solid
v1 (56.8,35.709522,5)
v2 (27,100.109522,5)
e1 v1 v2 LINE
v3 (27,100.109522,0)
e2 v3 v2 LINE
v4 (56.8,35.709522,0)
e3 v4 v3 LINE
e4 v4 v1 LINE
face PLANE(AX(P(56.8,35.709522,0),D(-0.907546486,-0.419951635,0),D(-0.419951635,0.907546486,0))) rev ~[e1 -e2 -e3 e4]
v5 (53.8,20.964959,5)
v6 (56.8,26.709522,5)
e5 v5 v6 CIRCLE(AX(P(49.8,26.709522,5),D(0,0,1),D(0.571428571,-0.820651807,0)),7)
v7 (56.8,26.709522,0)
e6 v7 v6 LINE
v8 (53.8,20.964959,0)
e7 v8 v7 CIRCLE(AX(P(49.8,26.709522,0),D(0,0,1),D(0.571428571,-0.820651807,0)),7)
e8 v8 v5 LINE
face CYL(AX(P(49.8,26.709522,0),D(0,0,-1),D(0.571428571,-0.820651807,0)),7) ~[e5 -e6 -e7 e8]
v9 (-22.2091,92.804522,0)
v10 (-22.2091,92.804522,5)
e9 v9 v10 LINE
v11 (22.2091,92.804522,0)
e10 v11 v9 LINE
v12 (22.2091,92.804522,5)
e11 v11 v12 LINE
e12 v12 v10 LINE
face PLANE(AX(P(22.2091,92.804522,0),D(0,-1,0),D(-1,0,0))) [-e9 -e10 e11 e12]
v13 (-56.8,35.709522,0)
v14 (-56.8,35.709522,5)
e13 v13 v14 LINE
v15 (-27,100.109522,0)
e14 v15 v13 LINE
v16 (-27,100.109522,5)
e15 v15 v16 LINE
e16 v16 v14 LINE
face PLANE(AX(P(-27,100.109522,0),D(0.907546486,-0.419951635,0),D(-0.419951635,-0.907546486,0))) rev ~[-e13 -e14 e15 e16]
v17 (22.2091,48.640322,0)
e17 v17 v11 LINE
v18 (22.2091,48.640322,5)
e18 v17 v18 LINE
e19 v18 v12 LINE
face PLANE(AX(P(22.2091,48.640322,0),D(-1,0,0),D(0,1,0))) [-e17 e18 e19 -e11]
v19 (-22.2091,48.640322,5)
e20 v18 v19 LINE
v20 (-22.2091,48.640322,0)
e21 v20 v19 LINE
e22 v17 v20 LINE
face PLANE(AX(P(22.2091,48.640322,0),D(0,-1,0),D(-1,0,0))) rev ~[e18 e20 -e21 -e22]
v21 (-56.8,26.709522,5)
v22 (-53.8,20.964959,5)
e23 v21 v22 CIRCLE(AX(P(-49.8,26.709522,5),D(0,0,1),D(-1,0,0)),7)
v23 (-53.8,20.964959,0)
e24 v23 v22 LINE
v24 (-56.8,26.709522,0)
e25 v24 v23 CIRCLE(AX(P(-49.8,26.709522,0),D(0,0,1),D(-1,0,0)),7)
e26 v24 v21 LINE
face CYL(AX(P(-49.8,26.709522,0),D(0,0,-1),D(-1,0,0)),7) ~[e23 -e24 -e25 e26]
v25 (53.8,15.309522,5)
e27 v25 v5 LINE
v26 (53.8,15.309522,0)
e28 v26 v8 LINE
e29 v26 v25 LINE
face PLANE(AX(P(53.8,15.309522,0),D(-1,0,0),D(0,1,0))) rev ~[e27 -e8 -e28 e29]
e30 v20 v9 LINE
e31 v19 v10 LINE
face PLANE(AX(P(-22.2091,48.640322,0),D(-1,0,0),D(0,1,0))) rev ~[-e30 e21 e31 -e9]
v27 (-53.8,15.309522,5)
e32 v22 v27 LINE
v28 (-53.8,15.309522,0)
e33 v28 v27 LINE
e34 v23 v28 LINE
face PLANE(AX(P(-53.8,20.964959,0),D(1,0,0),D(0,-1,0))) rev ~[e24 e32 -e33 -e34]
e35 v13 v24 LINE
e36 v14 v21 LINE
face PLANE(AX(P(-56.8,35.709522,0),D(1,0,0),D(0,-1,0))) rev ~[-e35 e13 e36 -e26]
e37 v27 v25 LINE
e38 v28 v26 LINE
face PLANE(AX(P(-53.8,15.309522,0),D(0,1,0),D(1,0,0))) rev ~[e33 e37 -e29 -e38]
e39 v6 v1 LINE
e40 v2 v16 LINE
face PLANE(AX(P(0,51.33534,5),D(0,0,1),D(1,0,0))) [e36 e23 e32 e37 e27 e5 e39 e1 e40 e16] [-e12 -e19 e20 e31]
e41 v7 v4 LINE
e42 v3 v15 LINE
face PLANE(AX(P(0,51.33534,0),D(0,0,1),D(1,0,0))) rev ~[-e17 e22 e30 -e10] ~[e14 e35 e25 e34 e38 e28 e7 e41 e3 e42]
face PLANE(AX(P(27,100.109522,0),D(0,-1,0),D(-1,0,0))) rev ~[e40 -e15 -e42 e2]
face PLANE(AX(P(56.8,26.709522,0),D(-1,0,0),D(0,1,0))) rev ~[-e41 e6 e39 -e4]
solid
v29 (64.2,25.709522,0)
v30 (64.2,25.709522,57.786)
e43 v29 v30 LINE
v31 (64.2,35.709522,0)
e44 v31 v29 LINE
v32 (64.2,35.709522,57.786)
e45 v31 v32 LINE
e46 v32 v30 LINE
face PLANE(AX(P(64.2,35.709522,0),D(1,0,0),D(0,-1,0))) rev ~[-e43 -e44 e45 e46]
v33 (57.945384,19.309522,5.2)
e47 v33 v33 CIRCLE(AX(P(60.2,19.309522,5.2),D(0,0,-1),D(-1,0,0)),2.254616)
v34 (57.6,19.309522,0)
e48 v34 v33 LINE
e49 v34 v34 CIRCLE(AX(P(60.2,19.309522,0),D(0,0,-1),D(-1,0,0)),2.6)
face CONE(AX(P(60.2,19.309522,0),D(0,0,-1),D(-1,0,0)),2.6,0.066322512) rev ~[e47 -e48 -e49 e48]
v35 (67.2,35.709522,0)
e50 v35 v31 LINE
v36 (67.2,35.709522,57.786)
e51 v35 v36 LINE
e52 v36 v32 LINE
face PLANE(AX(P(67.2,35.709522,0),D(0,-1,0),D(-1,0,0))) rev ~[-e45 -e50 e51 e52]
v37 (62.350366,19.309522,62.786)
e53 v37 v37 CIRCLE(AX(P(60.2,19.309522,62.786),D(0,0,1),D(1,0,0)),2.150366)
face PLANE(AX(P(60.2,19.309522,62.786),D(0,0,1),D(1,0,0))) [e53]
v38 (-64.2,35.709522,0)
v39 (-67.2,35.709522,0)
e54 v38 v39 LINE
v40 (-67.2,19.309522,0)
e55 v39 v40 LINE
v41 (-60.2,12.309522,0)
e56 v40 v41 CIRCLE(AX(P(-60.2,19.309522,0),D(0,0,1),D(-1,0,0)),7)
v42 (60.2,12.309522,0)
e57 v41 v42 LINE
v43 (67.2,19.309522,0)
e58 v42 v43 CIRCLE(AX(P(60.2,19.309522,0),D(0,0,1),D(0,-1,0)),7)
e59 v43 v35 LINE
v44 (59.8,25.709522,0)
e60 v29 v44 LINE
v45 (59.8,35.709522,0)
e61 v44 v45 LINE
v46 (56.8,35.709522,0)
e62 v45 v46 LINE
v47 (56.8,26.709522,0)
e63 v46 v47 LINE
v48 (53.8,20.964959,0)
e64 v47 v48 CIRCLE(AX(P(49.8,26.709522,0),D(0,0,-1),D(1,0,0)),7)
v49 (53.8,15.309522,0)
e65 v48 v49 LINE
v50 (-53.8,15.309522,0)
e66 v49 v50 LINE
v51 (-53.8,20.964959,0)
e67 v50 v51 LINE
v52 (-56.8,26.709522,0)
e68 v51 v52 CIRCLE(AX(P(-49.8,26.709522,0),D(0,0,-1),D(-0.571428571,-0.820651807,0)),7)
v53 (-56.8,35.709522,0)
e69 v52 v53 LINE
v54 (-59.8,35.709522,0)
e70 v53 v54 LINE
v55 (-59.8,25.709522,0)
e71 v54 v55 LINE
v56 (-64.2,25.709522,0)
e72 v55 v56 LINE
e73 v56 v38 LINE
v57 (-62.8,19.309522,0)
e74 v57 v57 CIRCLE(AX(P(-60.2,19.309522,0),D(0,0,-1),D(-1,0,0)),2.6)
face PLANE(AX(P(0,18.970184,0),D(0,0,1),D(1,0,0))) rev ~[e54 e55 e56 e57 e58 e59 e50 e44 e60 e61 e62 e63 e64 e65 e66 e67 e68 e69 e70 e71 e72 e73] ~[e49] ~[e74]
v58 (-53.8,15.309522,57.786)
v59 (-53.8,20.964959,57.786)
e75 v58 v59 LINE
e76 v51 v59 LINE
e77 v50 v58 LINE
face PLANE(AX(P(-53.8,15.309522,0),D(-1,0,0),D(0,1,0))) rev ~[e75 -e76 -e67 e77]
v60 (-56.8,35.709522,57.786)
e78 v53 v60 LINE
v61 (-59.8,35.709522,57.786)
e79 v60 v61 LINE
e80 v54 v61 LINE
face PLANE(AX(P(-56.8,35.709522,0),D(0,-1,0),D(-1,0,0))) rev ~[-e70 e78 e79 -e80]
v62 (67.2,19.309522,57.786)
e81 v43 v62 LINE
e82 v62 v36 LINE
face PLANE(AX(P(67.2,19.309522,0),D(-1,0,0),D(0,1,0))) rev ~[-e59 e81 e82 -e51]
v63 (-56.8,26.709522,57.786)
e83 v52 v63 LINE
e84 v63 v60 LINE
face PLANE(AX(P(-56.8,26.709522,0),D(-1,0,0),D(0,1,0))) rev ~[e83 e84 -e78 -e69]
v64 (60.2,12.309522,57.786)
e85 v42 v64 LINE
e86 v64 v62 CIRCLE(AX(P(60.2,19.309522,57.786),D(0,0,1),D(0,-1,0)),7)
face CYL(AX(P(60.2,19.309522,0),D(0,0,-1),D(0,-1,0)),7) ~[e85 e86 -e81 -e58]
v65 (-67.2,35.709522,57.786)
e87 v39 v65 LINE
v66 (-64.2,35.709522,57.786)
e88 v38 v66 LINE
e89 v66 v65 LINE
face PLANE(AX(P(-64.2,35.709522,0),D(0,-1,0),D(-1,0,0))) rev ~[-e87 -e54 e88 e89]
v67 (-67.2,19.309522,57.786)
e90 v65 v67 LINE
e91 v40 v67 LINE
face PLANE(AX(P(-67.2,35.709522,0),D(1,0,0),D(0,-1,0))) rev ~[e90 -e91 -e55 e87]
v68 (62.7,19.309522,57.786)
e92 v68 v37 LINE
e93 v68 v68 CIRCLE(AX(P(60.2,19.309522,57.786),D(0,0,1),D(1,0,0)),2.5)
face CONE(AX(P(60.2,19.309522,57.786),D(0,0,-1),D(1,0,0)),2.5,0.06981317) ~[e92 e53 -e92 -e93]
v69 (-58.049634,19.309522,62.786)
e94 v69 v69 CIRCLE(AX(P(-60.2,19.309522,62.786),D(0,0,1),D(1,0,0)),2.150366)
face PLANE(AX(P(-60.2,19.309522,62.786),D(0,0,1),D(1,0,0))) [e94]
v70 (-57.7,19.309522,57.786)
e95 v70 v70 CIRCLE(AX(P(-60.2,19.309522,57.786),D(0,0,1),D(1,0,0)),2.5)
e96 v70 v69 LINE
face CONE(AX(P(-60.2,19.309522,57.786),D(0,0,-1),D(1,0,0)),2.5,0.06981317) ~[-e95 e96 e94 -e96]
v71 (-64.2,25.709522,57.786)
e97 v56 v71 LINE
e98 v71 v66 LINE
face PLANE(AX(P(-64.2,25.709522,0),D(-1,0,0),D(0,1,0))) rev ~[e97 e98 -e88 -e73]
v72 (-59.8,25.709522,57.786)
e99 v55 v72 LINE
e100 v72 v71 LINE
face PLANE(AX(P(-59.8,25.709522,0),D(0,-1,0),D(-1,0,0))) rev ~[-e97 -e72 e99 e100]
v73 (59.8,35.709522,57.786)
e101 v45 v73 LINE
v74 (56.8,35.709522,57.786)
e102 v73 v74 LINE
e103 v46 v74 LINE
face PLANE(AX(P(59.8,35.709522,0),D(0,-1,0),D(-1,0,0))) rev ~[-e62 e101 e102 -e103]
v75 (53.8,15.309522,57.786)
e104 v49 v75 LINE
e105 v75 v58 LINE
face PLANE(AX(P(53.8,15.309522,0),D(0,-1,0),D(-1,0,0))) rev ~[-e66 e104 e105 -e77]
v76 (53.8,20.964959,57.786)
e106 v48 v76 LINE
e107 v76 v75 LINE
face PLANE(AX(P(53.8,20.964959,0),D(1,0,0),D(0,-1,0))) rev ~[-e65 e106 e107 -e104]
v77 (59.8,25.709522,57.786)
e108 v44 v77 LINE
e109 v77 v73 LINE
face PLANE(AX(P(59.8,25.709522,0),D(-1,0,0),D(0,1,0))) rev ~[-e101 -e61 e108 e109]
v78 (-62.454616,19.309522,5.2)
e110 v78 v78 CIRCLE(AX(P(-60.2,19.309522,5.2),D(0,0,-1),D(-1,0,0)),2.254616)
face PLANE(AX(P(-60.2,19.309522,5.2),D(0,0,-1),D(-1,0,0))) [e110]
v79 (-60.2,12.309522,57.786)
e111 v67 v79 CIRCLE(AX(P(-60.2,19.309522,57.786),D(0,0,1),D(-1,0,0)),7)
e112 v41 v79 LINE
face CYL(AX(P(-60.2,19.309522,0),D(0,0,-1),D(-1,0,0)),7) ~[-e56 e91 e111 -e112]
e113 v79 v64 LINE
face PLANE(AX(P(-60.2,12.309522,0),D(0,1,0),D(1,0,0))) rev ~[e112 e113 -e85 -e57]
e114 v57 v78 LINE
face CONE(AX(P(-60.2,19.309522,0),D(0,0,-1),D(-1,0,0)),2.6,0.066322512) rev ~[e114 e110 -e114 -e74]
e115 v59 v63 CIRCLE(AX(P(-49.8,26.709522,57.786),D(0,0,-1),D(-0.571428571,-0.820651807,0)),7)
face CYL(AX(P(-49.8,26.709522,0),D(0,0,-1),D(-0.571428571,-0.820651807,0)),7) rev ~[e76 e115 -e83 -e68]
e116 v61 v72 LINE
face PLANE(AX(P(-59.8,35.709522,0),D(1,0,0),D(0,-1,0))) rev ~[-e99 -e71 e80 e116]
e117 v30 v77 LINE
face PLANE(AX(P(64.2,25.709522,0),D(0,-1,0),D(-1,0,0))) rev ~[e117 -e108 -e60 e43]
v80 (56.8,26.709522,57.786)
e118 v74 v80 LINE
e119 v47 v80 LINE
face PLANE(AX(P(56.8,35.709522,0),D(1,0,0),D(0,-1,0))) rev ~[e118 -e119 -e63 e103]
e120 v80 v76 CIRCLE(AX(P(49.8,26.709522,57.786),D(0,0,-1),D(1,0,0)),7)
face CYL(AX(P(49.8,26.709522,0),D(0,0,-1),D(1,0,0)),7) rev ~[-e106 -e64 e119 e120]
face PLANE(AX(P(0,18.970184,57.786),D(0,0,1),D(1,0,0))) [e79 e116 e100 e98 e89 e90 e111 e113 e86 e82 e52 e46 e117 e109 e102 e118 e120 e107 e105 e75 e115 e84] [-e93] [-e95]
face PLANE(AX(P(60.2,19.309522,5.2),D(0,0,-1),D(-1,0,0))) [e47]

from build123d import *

# Parameters (mm, degrees)
EXTRUDE2_DEPTH               = 57.786
SKETCH2_R                    = 2.5
EXTRUDE3_DEPTH               = 5
EXTRUDE3_DRAFT               = 4
EXTRUDE3_PROFILE_2_DEPTH     = 5
EXTRUDE3_PROFILE_2_DRAFT     = 4
SKETCH4_R                    = 2.6
CUT_EXTRUDE1_DEPTH           = 5.2
CUT_EXTRUDE1_DRAFT           = -3.8
CUT_EXTRUDE1_PROFILE_2_DEPTH = 5.2
CUT_EXTRUDE1_PROFILE_2_DRAFT = -3.8
SKETCH3_W                    = 44.4182
SKETCH3_H                    = 44.1642
EXTRUDE4_DEPTH               = 5


with BuildPart() as part:
    # Sketch1 → Extrude2 (new body)
    with BuildSketch(Plane.XY):
        with BuildLine():
            Line((-60.2, 12.309521667), (60.2, 12.309521667))
            ThreePointArc((60.2, 12.309521667), (65.149747468, 14.359774199), (67.2, 19.309521667))
            Line((67.2, 19.309521667), (67.2, 35.709521667))
            Line((67.2, 35.709521667), (64.2, 35.709521667))
            Line((64.2, 35.709521667), (64.2, 25.709521667))
            Line((64.2, 25.709521667), (59.8, 25.709521667))
            Line((59.8, 25.709521667), (59.8, 35.709521667))
            Line((59.8, 35.709521667), (56.8, 35.709521667))
            Line((56.8, 35.709521667), (56.8, 26.709521667))
            ThreePointArc((56.8, 26.709521667), (56.004836823, 23.469151318), (53.8, 20.964959021))
            Line((53.8, 20.964959021), (53.8, 15.309521667))
            Line((53.8, 15.309521667), (-53.8, 15.309521667))
            Line((-53.8, 15.309521667), (-53.8, 20.964959021))
            ThreePointArc((-53.8, 20.964959021), (-56.004836823, 23.469151318), (-56.8, 26.709521667))
            Line((-56.8, 26.709521667), (-56.8, 35.709521667))
            Line((-56.8, 35.709521667), (-59.8, 35.709521667))
            Line((-59.8, 35.709521667), (-59.8, 25.709521667))
            Line((-59.8, 25.709521667), (-64.2, 25.709521667))
            Line((-64.2, 25.709521667), (-64.2, 35.709521667))
            Line((-64.2, 35.709521667), (-67.2, 35.709521667))
            Line((-67.2, 35.709521667), (-67.2, 19.309521667))
            ThreePointArc((-67.2, 19.309521667), (-65.149747468, 14.359774199), (-60.2, 12.309521667))
        make_face()
    extrude(amount=EXTRUDE2_DEPTH)


with BuildPart() as extrude3_tool:
    # Sketch2 → Extrude3 (with draft: the straight prism first)
    with BuildSketch(Plane.XY.offset(57.786)):
        with Locations((-60.2, 19.309521667)):
            Circle(SKETCH2_R)
    extrude(amount=EXTRUDE3_DEPTH)
    # Extrude3: the draft: its side faces are tilted about the plane it starts from
    extrude3_sides = [extrude3_tool.faces().sort_by_distance(p)[0] for p in [
        (-62.7, 19.309521667, 60.286),
    ]]
    draft(extrude3_sides, Plane.XY.offset(57.786), EXTRUDE3_DRAFT)


with BuildPart() as part_1:
    add(part.part)

    # Extrude3: add extrude3_tool
    add(extrude3_tool.part)


with BuildPart() as extrude3_profile_2_tool:
    # Sketch2 → Extrude3 profile 2 (with draft: the straight prism first)
    with BuildSketch(Plane.XY.offset(57.786)):
        with Locations((60.2, 19.309521667)):
            Circle(SKETCH2_R)
    extrude(amount=EXTRUDE3_PROFILE_2_DEPTH)
    # Extrude3 profile 2: the draft: its side faces are tilted about the plane it starts from
    extrude3_profile_2_sides = [extrude3_profile_2_tool.faces().sort_by_distance(p)[0] for p in [
        (57.7, 19.309521667, 60.286),
    ]]
    draft(extrude3_profile_2_sides, Plane.XY.offset(57.786), EXTRUDE3_PROFILE_2_DRAFT)


with BuildPart() as part_2:
    add(part_1.part)

    # Extrude3 profile 2: add extrude3_profile_2_tool
    add(extrude3_profile_2_tool.part)


with BuildPart() as cut_extrude1_tool:
    # Sketch4 → Cut-Extrude1 (with draft: the straight prism first)
    with BuildSketch(Plane(origin=(0, 0, 0), x_dir=(-1, 0, 0), z_dir=(0, 0, -1))):
        with Locations((-60.2, 19.309521667)):
            Circle(SKETCH4_R)
    extrude(amount=-CUT_EXTRUDE1_DEPTH)
    # Cut-Extrude1: the draft: its side faces are tilted about the plane it starts from
    cut_extrude1_sides = [cut_extrude1_tool.faces().sort_by_distance(p)[0] for p in [
        (62.8, 19.309521667, 2.6),
    ]]
    draft(cut_extrude1_sides, Plane(origin=(0, 0, 0), x_dir=(-1, 0, 0), z_dir=(0, 0, -1)), CUT_EXTRUDE1_DRAFT)


with BuildPart() as part_3:
    add(part_2.part)

    # Cut-Extrude1: cut by cut_extrude1_tool
    add(cut_extrude1_tool.part, mode=Mode.SUBTRACT)


with BuildPart() as cut_extrude1_profile_2_tool:
    # Sketch4 → Cut-Extrude1 profile 2 (with draft: the straight prism first)
    with BuildSketch(Plane(origin=(0, 0, 0), x_dir=(-1, 0, 0), z_dir=(0, 0, -1))):
        with Locations((60.2, 19.309521667)):
            Circle(SKETCH4_R)
    extrude(amount=-CUT_EXTRUDE1_PROFILE_2_DEPTH)
    # Cut-Extrude1 profile 2: the draft: its side faces are tilted about the plane it starts from
    cut_extrude1_profile_2_sides = [cut_extrude1_profile_2_tool.faces().sort_by_distance(p)[0] for p in [
        (-57.6, 19.309521667, 2.6),
    ]]
    draft(cut_extrude1_profile_2_sides, Plane(origin=(0, 0, 0), x_dir=(-1, 0, 0), z_dir=(0, 0, -1)), CUT_EXTRUDE1_PROFILE_2_DRAFT)


with BuildPart() as part_4:
    add(part_3.part)

    # Cut-Extrude1 profile 2: cut by cut_extrude1_profile_2_tool
    add(cut_extrude1_profile_2_tool.part, mode=Mode.SUBTRACT)


with BuildPart() as body_2:
    # Sketch3 → Extrude4 (new body)
    with BuildSketch(Plane(origin=(0, 0, 0), x_dir=(-1, 0, 0), z_dir=(0, 0, -1))):
        with BuildLine():
            Line((-27, 100.109521667), (27, 100.109521667))
            Line((27, 100.109521667), (56.8, 35.709521667))
            Line((56.8, 35.709521667), (56.8, 26.709521667))
            ThreePointArc((56.8, 26.709521667), (56.004836823, 23.469151318), (53.8, 20.964959021))
            Line((53.8, 20.964959021), (53.8, 15.309521667))
            Line((53.8, 15.309521667), (-53.8, 15.309521667))
            Line((-53.8, 15.309521667), (-53.8, 20.964959021))
            ThreePointArc((-53.8, 20.964959021), (-56.004836823, 23.469151318), (-56.8, 26.709521667))
            Line((-56.8, 26.709521667), (-56.8, 35.709521667))
            Line((-56.8, 35.709521667), (-27, 100.109521667))
        make_face()
        with Locations((0, 70.722421667)):
            Rectangle(SKETCH3_W, SKETCH3_H, mode=Mode.SUBTRACT)
    extrude(amount=-EXTRUDE4_DEPTH)


solid = Compound([part_4.part, body_2.part])
